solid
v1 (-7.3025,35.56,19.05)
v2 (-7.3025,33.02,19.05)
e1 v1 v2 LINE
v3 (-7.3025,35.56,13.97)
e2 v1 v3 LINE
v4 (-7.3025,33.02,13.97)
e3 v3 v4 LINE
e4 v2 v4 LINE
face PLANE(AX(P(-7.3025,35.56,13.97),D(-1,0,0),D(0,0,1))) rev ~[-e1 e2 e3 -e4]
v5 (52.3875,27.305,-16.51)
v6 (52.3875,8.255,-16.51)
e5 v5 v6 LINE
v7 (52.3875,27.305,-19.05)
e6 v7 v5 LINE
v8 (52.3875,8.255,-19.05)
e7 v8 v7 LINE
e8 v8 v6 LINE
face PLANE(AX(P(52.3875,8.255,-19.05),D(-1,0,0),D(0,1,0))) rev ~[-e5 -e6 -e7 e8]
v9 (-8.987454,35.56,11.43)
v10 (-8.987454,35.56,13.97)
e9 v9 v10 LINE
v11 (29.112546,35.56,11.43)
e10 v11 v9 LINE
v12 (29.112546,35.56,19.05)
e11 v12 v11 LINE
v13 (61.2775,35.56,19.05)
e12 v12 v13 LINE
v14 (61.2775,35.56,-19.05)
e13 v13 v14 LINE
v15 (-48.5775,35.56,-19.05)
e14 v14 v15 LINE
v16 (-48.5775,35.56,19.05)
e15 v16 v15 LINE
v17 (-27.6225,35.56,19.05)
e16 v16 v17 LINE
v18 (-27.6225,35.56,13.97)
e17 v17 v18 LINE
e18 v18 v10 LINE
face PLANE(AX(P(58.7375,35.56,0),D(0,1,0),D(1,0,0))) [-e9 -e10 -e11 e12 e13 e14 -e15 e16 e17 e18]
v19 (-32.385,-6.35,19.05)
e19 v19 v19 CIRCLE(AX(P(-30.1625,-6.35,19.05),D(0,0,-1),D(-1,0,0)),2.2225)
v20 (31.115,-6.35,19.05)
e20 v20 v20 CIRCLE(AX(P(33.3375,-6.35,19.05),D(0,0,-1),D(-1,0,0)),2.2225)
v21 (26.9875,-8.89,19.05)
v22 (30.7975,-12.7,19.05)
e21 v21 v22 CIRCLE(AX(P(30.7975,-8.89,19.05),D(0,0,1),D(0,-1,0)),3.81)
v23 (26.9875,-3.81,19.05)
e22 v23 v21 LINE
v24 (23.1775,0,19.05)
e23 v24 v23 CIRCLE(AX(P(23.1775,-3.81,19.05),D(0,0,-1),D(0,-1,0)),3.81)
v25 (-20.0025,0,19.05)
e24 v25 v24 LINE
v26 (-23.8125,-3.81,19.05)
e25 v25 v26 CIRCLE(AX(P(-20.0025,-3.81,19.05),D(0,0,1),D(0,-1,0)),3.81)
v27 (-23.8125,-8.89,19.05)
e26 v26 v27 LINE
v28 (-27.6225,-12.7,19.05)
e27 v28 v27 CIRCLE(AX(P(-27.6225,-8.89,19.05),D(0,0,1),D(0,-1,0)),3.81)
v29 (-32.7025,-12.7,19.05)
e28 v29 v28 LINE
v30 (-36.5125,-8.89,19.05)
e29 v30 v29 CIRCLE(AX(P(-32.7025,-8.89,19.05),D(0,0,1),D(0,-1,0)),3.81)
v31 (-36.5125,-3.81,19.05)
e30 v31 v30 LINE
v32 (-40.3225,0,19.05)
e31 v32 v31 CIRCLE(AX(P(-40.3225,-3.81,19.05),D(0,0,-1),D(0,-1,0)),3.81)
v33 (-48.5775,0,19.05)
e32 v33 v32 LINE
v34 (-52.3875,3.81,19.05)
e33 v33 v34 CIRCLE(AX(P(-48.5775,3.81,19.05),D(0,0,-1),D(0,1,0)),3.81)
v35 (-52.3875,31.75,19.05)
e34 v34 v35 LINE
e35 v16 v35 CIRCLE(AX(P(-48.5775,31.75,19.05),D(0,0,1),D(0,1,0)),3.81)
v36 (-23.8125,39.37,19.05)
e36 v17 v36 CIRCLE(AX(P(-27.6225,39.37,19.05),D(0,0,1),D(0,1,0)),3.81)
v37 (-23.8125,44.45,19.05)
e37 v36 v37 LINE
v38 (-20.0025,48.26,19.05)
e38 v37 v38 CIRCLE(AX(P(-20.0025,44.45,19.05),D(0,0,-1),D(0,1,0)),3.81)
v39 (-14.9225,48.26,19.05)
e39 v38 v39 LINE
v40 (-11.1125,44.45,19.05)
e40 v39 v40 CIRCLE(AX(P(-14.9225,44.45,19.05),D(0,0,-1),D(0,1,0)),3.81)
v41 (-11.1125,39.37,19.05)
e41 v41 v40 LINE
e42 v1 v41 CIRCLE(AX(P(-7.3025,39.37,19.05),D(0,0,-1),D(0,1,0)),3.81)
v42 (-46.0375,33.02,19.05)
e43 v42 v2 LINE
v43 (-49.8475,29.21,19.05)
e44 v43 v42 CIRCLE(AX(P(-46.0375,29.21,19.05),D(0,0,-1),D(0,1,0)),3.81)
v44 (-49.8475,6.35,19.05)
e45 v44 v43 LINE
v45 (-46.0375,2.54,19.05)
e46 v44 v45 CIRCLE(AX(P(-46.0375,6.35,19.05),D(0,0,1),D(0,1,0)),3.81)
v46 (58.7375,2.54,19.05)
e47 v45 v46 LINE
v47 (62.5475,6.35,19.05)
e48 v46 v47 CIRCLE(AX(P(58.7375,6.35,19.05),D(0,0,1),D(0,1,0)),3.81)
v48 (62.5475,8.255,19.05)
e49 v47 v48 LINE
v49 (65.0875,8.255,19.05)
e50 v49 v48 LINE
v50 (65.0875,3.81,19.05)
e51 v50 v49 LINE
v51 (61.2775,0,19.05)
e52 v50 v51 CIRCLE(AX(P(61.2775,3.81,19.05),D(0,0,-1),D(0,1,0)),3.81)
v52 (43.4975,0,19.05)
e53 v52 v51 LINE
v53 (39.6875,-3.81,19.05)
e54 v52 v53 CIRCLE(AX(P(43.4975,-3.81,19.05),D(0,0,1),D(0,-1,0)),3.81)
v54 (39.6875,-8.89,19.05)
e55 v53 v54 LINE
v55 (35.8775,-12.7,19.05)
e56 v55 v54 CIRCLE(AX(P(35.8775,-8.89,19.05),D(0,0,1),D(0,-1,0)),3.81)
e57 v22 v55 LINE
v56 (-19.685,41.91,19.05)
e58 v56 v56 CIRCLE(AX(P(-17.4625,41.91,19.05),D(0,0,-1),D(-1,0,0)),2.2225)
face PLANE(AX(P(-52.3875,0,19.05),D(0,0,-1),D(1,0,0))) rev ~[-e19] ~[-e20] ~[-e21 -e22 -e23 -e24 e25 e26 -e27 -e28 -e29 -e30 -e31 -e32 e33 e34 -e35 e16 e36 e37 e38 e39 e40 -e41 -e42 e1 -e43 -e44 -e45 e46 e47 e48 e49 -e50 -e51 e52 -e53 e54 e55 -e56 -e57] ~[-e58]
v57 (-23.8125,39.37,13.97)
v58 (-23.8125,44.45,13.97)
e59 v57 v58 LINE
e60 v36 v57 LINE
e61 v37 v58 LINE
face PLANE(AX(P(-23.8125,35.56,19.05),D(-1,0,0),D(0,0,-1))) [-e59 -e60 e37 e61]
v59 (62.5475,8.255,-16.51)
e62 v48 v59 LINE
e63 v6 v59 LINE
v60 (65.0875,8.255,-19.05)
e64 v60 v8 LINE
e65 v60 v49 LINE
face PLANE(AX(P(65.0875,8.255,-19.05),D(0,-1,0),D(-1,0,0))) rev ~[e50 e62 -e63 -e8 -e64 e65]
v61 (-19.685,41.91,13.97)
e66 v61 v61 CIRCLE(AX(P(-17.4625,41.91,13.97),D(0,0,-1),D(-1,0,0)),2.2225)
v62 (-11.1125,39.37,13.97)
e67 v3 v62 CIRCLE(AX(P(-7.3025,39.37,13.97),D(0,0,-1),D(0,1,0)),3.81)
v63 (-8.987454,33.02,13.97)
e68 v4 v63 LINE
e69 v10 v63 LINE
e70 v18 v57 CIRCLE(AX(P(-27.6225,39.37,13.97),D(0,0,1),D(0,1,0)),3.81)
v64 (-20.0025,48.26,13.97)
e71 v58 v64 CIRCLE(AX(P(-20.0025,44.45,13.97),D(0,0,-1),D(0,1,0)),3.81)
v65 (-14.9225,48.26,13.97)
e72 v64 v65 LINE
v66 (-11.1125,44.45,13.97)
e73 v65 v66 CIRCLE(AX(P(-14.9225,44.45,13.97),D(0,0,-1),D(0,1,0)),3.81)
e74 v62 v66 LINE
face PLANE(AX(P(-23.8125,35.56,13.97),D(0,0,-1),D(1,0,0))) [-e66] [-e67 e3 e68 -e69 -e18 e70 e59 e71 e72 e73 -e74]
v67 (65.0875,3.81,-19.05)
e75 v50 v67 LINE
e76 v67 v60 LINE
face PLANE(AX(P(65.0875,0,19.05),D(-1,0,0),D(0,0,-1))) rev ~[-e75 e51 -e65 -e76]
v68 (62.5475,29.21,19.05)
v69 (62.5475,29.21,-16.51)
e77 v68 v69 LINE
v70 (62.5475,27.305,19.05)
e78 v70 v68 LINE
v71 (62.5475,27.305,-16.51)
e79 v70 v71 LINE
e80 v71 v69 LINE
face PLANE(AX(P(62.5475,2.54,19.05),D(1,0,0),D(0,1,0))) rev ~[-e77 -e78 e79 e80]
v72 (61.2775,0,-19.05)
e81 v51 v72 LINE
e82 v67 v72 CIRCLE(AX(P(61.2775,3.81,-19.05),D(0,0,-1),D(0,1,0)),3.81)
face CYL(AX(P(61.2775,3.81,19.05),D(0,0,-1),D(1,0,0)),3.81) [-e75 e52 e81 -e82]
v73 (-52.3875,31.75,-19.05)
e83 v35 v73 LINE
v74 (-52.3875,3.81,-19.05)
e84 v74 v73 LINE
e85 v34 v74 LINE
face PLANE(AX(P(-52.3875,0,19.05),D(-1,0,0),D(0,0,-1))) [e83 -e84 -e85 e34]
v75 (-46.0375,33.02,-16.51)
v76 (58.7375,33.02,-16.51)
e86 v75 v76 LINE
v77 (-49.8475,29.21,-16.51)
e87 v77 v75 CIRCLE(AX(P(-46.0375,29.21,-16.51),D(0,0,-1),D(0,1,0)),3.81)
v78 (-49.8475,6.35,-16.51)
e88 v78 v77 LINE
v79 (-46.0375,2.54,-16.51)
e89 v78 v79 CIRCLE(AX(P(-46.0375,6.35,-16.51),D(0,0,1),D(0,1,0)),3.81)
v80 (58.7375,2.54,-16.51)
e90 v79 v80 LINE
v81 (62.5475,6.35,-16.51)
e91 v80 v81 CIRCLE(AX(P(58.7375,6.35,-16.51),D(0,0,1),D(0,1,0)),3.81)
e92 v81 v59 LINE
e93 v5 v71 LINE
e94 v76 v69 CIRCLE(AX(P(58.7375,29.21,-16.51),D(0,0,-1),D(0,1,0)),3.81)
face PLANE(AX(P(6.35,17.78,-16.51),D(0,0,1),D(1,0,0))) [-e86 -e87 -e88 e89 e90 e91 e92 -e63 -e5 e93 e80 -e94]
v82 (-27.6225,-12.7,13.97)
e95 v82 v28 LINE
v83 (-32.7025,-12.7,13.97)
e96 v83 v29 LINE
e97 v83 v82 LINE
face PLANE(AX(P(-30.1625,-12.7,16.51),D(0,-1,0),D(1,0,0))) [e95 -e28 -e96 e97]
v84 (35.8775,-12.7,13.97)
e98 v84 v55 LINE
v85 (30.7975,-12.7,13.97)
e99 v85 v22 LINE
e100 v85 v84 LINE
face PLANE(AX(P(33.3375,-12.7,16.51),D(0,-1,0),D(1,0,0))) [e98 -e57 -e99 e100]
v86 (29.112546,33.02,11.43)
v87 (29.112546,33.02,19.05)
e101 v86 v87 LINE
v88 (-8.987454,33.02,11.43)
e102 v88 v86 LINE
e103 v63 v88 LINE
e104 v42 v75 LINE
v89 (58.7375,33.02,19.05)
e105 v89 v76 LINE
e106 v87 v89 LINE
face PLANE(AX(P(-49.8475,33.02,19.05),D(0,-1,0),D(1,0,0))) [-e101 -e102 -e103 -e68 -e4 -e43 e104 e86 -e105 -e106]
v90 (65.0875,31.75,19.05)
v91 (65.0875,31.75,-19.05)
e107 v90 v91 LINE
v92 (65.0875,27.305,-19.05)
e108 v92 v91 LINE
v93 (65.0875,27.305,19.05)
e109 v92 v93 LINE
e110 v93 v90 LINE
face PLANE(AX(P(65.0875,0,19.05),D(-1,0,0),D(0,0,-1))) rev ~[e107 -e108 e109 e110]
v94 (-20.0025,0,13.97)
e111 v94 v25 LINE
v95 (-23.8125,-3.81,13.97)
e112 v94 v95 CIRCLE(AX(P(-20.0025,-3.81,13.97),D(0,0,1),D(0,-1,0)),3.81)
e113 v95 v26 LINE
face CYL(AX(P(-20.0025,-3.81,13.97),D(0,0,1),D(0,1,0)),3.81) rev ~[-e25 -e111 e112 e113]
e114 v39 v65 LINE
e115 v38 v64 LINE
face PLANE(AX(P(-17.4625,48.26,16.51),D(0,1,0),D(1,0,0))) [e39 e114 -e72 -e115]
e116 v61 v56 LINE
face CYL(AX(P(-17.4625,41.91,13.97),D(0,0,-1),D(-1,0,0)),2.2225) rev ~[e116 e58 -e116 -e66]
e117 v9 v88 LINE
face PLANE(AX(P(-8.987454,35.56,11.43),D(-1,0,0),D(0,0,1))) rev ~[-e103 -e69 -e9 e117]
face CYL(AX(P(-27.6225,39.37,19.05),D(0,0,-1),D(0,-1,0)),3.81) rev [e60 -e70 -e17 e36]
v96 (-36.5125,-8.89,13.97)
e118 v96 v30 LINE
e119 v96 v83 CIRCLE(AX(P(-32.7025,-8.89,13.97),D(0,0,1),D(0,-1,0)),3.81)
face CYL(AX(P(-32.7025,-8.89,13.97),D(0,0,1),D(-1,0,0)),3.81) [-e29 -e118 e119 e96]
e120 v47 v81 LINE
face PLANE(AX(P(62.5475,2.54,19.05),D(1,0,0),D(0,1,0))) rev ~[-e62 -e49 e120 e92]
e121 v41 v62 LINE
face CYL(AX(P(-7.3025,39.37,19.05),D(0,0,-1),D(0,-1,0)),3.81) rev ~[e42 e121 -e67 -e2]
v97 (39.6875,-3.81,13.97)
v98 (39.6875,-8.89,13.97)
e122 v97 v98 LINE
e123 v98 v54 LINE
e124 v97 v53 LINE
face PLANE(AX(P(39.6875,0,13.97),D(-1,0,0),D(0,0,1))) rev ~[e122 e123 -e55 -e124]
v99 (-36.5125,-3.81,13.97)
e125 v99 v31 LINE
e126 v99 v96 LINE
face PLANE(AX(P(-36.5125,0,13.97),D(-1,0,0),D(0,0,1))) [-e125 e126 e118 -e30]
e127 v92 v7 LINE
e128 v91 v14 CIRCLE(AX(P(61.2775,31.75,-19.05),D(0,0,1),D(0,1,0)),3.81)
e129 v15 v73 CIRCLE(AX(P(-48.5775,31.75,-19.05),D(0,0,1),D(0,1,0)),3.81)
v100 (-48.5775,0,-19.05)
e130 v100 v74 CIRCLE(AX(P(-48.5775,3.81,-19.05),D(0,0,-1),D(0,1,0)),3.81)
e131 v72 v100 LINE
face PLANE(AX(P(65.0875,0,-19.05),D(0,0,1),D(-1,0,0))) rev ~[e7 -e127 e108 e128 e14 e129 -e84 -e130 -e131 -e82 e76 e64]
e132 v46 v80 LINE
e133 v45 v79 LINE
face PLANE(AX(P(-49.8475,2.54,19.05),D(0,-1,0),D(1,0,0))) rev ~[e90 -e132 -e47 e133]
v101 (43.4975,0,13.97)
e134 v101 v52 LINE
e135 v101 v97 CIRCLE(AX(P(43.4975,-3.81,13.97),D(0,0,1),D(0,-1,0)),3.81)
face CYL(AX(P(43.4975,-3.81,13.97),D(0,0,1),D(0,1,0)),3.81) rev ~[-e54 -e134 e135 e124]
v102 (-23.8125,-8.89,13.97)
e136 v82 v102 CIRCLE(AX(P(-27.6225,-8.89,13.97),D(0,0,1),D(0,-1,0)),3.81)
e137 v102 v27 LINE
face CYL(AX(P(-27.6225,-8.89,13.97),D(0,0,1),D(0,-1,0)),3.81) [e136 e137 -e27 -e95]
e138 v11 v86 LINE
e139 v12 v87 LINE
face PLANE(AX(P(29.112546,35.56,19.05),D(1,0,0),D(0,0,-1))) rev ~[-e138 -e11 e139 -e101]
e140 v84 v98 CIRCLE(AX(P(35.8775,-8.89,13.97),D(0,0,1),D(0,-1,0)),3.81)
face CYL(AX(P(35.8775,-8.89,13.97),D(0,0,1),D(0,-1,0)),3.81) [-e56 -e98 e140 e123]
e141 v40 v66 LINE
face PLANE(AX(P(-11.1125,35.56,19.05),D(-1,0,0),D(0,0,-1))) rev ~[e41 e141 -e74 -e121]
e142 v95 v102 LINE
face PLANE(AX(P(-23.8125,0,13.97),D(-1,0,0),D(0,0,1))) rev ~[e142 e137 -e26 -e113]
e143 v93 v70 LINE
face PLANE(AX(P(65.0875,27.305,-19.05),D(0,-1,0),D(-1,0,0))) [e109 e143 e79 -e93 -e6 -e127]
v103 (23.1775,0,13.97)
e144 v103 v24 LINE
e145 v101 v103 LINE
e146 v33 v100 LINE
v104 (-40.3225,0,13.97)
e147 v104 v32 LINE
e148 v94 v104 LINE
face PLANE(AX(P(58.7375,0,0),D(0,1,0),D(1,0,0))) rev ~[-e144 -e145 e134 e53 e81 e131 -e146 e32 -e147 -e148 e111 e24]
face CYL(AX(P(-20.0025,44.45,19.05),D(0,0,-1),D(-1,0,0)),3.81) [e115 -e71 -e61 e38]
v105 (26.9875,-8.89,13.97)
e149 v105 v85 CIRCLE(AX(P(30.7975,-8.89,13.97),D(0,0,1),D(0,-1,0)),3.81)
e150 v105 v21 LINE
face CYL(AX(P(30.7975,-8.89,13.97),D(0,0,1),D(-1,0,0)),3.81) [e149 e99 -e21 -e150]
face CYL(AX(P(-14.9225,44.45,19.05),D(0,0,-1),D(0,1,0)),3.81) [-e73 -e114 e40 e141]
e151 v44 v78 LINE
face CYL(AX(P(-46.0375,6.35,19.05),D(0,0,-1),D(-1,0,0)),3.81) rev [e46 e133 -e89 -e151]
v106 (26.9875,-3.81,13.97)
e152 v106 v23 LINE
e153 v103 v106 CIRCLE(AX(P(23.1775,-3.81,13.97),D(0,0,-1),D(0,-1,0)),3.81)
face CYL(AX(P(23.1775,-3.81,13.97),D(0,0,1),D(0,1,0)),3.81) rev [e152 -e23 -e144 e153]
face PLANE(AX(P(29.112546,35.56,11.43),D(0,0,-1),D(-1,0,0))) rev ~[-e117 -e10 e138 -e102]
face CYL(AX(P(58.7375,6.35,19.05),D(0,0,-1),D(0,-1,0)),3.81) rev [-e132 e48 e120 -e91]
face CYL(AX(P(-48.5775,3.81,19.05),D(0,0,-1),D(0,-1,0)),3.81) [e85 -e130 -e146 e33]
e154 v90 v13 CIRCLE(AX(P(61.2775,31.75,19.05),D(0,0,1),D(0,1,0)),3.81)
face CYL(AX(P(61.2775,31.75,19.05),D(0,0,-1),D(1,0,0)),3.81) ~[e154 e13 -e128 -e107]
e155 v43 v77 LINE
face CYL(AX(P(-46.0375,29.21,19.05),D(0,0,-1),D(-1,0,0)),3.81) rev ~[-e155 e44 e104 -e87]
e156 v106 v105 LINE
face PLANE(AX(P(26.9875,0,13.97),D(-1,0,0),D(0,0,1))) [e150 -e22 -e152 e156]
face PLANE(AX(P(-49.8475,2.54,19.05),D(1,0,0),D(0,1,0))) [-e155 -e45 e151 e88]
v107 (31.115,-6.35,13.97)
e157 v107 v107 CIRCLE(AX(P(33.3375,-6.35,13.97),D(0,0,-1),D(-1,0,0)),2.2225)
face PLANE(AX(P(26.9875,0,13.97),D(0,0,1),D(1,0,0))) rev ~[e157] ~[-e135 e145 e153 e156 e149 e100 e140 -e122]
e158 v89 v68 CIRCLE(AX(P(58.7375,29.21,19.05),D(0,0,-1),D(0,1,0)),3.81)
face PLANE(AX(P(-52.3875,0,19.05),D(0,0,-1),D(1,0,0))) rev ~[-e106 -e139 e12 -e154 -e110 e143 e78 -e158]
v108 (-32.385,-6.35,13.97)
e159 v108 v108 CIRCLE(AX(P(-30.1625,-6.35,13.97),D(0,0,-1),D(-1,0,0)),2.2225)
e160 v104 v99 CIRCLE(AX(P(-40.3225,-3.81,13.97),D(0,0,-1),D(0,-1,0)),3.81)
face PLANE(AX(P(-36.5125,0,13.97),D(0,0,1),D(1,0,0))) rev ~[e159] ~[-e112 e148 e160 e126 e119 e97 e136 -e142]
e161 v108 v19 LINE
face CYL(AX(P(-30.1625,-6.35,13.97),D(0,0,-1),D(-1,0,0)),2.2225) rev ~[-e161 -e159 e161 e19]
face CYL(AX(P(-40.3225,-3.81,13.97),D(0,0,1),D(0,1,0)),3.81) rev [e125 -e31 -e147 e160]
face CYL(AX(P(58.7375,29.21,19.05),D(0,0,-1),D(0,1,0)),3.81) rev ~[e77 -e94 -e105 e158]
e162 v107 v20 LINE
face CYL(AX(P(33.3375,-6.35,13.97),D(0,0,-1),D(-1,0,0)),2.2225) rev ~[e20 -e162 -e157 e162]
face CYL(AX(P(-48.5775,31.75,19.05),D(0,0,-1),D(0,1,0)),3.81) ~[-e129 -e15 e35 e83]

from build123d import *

# Parameters (mm, degrees)
SKETCH1_W           = 12.7
SKETCH1_H           = 38.1
SKETCH1_W_2         = 104.775
BOSS_EXTRUDE1_DEPTH = 35.56
SKETCH11_W          = 112.395
SKETCH11_H          = 30.48
CUT_EXTRUDE9_DEPTH  = 35.56
SKETCH5_W           = 12.7
SKETCH5_H           = 5.08
BOSS_EXTRUDE2_DEPTH = 12.7
SKETCH7_W           = 12.7
SKETCH7_H           = 5.08
BOSS_EXTRUDE3_DEPTH = 12.7
SKETCH8_R           = 2.2225
CUT_EXTRUDE6_DEPTH  = 88.497032271
FILLET1_R           = 3.81
SKETCH9_W           = 12.7
SKETCH9_H           = 19.05
CUT_EXTRUDE7_DEPTH  = 90.537814672
SKETCH10_W          = 25.4
SKETCH10_H          = 7.62
CUT_EXTRUDE8_DEPTH  = 8.89


with BuildPart() as part:
    # Sketch1 → Boss-Extrude1 (new body)
    with BuildSketch(Plane(origin=(0, 0, 0), x_dir=(1, 0, 0), z_dir=(0, 1, 0))):
        with Locations((58.7375, 0)):
            Rectangle(SKETCH1_W, SKETCH1_H)
        Rectangle(SKETCH1_W_2, SKETCH1_H)
    extrude(amount=BOSS_EXTRUDE1_DEPTH)

    # Sketch11 → Cut-Extrude9 (cut)
    with BuildSketch(Plane.XY.offset(19.05)):
        with Locations((6.35, 17.78)):
            Rectangle(SKETCH11_W, SKETCH11_H)
    extrude(amount=-CUT_EXTRUDE9_DEPTH, mode=Mode.SUBTRACT)

    # Sketch5 → Boss-Extrude2 (add)
    with BuildSketch(Plane.XZ):
        with Locations((-30.1625, 16.51)):
            Rectangle(SKETCH5_W, SKETCH5_H)
        with Locations((33.3375, 16.51)):
            Rectangle(SKETCH5_W, SKETCH5_H)
    extrude(amount=BOSS_EXTRUDE2_DEPTH)

    # Sketch7 → Boss-Extrude3 (add)
    with BuildSketch(Plane(origin=(0, 35.56, 0), x_dir=(1, 0, 0), z_dir=(0, 1, 0))):
        with Locations((-17.4625, -16.51)):
            Rectangle(SKETCH7_W, SKETCH7_H)
    extrude(amount=BOSS_EXTRUDE3_DEPTH)

    # Sketch8 → Cut-Extrude6 (cut, through all)
    with BuildSketch(Plane(origin=(0, 0, 13.97), x_dir=(-1, 0, 0), z_dir=(0, 0, -1))):
        with Locations((-33.3375, -6.35)):
            Circle(SKETCH8_R)
        with Locations((30.1625, -6.35)):
            Circle(SKETCH8_R)
        with Locations((17.4625, 41.91)):
            Circle(SKETCH8_R)
    extrude(amount=-CUT_EXTRUDE6_DEPTH, mode=Mode.SUBTRACT)

    # Fillet1
    fillet1_edges = [part.edges().sort_by_distance(p)[0] for p in [
        (65.0875, 35.56, 0),
        (62.5475, 2.54, 1.27),
        (62.5475, 33.02, 1.27),
        (-49.8475, 33.02, 1.27),
        (-49.8475, 2.54, 1.27),
        (-52.3875, 35.56, 0),
        (-36.5125, 0, 16.51),
        (-23.8125, -12.7, 16.51),
        (-36.5125, -12.7, 16.51),
        (-23.8125, 0, 16.51),
        (39.6875, 0, 16.51),
        (26.9875, 0, 16.51),
        (39.6875, -12.7, 16.51),
        (26.9875, -12.7, 16.51),
        (-11.1125, 35.56, 16.51),
        (-23.8125, 35.56, 16.51),
        (-52.3875, 0, 0),
        (-11.1125, 48.26, 16.51),
        (-23.8125, 48.26, 16.51),
        (65.0875, 0, 0),
    ]]
    fillet(fillet1_edges, radius=FILLET1_R)

    # Sketch9 → Cut-Extrude7 (cut, through all)
    with BuildSketch(Plane(origin=(0, 0, -19.05), x_dir=(-1, 0, 0), z_dir=(0, 0, -1))):
        with Locations((-58.7375, 17.78)):
            Rectangle(SKETCH9_W, SKETCH9_H)
    extrude(amount=-CUT_EXTRUDE7_DEPTH, mode=Mode.SUBTRACT)

    # Sketch10 → Cut-Extrude8 (cut)
    with BuildSketch(Plane(origin=(0, 35.56, 0), x_dir=(1, 0, 0), z_dir=(0, 1, 0))):
        Polygon((-7.3025, -19.05), (3.712545586, -19.05), (3.712545586, -11.43), (-8.987454414, -11.43), (-8.987454414, -13.97), (-7.3025, -13.97), align=None)
        with Locations((16.412545586, -15.24)):
            Rectangle(SKETCH10_W, SKETCH10_H)
    extrude(amount=-CUT_EXTRUDE8_DEPTH, mode=Mode.SUBTRACT)


solid = part.part
